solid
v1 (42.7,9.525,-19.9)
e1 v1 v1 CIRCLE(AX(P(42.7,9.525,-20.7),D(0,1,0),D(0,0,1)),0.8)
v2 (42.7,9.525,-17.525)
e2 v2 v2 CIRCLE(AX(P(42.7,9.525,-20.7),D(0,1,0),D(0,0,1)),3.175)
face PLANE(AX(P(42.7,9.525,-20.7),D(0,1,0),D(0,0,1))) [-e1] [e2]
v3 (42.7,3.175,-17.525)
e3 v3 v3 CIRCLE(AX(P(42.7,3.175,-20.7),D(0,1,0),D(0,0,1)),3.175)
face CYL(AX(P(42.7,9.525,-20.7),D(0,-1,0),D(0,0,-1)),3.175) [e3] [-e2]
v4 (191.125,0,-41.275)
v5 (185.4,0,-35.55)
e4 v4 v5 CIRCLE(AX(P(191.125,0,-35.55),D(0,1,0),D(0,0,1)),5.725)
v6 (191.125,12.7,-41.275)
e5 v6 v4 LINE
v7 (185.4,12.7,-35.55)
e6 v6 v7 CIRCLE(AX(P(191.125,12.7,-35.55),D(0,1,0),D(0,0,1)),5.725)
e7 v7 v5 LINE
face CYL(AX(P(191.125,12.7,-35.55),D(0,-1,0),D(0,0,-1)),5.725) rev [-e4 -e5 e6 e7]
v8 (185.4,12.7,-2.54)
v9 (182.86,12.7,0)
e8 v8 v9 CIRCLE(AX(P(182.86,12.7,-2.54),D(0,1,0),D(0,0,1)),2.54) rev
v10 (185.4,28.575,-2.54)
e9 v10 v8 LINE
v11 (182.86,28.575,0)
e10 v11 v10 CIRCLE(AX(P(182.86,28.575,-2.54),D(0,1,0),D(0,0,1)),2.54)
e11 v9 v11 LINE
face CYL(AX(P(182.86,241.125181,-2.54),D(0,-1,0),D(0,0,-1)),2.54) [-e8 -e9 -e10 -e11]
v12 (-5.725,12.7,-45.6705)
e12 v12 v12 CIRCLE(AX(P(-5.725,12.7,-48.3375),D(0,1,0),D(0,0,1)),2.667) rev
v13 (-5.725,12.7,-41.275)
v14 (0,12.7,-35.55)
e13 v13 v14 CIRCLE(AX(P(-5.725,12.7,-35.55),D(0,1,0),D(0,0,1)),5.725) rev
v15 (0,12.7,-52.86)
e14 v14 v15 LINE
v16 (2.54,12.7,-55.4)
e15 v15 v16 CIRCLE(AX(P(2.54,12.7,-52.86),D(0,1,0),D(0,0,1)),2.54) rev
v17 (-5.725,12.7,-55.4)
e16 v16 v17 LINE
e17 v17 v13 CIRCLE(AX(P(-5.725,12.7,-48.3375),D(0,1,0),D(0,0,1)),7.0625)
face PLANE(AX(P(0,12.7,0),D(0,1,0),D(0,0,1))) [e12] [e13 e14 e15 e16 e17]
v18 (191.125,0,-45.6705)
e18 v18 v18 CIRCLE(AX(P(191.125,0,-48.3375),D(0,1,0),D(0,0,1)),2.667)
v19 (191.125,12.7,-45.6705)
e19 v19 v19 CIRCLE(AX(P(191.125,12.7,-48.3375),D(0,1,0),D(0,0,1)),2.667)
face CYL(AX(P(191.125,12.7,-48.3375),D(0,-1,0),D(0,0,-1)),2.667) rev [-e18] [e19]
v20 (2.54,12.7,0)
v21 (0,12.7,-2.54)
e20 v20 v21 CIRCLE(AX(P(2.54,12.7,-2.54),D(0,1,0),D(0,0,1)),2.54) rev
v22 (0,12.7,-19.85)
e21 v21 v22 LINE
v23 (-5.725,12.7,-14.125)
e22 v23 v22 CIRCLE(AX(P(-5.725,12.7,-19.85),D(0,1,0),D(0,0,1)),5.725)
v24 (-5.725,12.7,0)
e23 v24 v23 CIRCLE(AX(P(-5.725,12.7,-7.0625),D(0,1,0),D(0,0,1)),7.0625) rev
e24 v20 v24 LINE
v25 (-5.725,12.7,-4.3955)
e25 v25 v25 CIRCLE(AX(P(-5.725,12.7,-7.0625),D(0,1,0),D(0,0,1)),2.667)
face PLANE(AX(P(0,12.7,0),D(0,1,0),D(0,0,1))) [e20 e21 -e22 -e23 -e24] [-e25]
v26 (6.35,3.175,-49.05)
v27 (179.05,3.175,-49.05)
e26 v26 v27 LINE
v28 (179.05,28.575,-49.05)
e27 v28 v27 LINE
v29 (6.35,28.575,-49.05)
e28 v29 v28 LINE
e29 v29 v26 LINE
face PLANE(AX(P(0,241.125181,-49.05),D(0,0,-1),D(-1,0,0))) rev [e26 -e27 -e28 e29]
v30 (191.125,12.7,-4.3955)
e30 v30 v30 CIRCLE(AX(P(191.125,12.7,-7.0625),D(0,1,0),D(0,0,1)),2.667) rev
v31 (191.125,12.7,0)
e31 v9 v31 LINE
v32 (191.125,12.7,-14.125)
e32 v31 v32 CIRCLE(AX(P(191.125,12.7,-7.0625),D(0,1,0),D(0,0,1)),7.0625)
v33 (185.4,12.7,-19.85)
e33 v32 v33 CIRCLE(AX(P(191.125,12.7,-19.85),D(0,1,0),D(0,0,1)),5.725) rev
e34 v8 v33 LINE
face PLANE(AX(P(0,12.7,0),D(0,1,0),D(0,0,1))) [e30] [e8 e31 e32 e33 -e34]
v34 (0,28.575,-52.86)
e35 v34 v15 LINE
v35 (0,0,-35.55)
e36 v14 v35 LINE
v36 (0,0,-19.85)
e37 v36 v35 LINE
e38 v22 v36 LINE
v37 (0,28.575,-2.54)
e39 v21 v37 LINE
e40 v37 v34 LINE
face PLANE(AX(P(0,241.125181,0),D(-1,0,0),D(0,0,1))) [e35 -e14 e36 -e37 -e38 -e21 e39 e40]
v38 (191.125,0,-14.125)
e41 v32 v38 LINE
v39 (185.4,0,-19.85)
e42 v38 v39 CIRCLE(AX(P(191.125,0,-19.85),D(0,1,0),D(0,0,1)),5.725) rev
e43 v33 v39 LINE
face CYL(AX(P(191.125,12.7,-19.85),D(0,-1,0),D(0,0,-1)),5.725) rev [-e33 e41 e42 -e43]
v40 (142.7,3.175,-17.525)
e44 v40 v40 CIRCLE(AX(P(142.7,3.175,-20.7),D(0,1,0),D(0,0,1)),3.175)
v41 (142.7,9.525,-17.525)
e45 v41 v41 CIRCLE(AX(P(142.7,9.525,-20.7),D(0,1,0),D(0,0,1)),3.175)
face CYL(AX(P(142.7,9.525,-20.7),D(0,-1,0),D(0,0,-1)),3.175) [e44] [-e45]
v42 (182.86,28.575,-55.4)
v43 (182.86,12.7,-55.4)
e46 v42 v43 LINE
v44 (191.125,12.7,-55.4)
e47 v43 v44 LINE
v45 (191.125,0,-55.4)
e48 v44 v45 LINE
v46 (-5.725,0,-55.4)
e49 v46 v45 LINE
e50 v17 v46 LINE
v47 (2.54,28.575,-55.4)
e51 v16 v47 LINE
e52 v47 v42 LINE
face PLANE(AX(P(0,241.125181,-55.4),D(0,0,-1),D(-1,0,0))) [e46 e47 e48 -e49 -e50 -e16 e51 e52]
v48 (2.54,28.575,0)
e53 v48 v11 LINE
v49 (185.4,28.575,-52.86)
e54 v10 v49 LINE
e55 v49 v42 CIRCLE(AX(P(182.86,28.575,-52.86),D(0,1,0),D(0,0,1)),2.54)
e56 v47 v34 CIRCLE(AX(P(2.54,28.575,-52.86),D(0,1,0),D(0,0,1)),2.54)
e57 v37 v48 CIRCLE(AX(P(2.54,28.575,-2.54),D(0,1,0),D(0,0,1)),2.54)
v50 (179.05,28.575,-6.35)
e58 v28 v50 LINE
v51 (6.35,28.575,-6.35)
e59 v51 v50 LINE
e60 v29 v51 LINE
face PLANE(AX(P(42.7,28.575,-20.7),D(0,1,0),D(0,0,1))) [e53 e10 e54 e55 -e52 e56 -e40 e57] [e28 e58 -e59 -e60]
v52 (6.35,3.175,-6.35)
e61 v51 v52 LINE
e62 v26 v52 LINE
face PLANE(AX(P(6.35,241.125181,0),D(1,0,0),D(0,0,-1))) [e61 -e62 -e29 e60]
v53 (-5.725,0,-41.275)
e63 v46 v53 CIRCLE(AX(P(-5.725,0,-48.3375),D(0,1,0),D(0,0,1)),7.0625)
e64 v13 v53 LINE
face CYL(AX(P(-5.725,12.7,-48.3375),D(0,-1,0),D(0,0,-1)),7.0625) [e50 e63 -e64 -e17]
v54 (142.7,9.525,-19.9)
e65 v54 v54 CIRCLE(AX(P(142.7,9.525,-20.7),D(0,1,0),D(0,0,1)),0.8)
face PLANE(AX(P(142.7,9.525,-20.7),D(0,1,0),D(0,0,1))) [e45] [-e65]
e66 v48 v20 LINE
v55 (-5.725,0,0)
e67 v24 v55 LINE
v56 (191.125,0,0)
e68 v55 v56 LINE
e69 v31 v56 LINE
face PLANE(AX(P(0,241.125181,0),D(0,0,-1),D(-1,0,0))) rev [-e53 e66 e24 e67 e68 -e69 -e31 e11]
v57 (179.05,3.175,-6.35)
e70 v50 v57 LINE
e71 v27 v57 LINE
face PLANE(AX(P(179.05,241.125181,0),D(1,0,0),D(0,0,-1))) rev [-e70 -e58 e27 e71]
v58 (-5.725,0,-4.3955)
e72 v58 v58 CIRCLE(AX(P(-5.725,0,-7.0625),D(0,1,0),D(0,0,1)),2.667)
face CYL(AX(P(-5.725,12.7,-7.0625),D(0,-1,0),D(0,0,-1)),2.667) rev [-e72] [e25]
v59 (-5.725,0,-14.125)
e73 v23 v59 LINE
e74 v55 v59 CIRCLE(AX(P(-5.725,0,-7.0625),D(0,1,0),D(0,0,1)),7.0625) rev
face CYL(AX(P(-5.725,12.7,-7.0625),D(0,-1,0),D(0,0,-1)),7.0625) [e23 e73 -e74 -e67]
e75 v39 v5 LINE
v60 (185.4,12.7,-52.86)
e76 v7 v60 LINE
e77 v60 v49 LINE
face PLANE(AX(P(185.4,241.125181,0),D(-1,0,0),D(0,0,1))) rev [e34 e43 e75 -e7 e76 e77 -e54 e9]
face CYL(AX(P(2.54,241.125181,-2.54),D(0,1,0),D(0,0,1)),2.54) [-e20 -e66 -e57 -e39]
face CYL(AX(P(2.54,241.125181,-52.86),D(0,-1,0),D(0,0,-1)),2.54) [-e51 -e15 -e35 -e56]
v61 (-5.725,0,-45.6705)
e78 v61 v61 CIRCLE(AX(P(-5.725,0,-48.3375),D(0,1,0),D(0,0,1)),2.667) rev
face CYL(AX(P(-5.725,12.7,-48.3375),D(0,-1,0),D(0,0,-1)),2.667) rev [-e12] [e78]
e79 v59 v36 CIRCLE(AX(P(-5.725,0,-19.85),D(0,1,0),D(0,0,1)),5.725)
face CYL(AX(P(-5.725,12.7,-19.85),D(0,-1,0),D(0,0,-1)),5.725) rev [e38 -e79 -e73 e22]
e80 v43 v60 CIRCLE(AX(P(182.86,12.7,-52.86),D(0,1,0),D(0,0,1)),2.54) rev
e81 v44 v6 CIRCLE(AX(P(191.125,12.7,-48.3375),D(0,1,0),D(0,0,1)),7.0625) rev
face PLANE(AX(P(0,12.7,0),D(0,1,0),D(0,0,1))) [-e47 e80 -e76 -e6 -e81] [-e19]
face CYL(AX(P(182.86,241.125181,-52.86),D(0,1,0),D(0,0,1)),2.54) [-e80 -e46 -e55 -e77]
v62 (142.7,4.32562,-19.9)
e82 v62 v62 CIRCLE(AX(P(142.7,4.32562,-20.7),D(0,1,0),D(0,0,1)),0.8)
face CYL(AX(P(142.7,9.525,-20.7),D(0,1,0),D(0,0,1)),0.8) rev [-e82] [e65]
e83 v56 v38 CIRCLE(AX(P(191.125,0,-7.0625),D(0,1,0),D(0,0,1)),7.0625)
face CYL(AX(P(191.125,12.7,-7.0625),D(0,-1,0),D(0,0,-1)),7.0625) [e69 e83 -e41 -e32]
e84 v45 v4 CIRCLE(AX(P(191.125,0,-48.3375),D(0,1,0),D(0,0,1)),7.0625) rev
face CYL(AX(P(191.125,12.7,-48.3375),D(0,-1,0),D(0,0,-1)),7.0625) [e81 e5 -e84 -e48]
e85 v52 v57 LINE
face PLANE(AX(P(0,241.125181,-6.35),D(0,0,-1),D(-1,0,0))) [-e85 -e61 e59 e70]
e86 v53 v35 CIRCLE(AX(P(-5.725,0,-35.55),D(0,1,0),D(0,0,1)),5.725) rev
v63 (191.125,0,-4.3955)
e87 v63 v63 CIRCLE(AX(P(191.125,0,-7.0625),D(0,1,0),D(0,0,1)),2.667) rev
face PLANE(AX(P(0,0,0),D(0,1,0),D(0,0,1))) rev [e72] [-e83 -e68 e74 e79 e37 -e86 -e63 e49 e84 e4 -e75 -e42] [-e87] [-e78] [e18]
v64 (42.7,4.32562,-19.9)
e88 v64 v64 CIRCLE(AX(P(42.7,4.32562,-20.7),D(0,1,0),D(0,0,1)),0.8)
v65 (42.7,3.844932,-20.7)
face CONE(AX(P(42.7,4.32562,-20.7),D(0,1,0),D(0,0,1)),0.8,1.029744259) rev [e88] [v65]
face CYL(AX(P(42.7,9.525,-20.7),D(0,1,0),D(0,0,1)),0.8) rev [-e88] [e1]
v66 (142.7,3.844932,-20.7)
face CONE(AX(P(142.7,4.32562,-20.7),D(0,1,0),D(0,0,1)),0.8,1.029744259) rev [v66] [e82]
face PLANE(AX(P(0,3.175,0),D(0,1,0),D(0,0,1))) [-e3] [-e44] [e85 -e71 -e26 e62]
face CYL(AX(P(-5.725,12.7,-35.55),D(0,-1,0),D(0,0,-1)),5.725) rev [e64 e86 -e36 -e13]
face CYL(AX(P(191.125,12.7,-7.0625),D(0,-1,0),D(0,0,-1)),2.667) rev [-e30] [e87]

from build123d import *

# Parameters (mm, degrees)
SKETCH1_W                 = 172.7
SKETCH1_H                 = 42.7
SKETCH1_R                 = 3.175
BOSS_EXTRUDE1_DEPTH       = 3.175
BOSS_EXTRUDE2_START       = 3.175
SKETCH1_3_R               = 3.175
BOSS_EXTRUDE2_DEPTH       = 6.35
SKETCH1_4_W               = 185.4
SKETCH1_4_H               = 55.4
SKETCH1_4_W_2             = 172.7
SKETCH1_4_H_2             = 42.7
BOSS_EXTRUDE3_DEPTH       = 28.575
SKETCH1_5_R               = 2.667
BOSS_EXTRUDE4_DEPTH       = 12.7
M2X0_4_TAPPED_HOLE1_D     = 1.6
M2X0_4_TAPPED_HOLE1_DEPTH = 5.19938
M2X0_4_TAPPED_HOLE1_TIP   = 0.480688495
FILLET1_R                 = 2.54


with BuildPart() as part:
    # Sketch1 → Boss-Extrude1 (new body)
    with BuildSketch(Plane(origin=(0, 0, 0), x_dir=(1, 0, 0), z_dir=(0, 1, 0))):
        with Locations((92.7, 27.7)):
            Rectangle(SKETCH1_W, SKETCH1_H)
        with Locations((142.7, 20.7)):
            Circle(SKETCH1_R, mode=Mode.SUBTRACT)
        with Locations((42.7, 20.7)):
            Circle(SKETCH1_R, mode=Mode.SUBTRACT)
        with Locations((42.7, 20.7)):
            Circle(SKETCH1_R)
        with Locations((142.7, 20.7)):
            Circle(SKETCH1_R)
    extrude(amount=BOSS_EXTRUDE1_DEPTH)

    # Sketch1<3> → Boss-Extrude2 (add)
    with BuildSketch(Plane(origin=(0, 0, 0), x_dir=(1, 0, 0), z_dir=(0, 1, 0)).offset(BOSS_EXTRUDE2_START)):
        with Locations((42.7, 20.7)):
            Circle(SKETCH1_3_R)
        with Locations((142.7, 20.7)):
            Circle(SKETCH1_3_R)
    extrude(amount=BOSS_EXTRUDE2_DEPTH)

    # Sketch1<4> → Boss-Extrude3 (add)
    with BuildSketch(Plane(origin=(0, 0, 0), x_dir=(1, 0, 0), z_dir=(0, 1, 0))):
        with Locations((92.7, 27.7)):
            Rectangle(SKETCH1_4_W, SKETCH1_4_H)
        with Locations((92.7, 27.7)):
            Rectangle(SKETCH1_4_W_2, SKETCH1_4_H_2, mode=Mode.SUBTRACT)
    extrude(amount=BOSS_EXTRUDE3_DEPTH)

    # Sketch1<5> → Boss-Extrude4 (add)
    with BuildSketch(Plane(origin=(0, 0, 0), x_dir=(1, 0, 0), z_dir=(0, 1, 0))):
        with BuildLine():
            Line((-5.725, 0), (0, 0))
            Line((0, 0), (0, 19.85))
            ThreePointArc((0, 19.85), (-1.676813678, 15.801813678), (-5.725, 14.125))
            ThreePointArc((-5.725, 14.125), (-12.7875, 7.0625), (-5.725, 0))
        make_face()
        with Locations((-5.725, 7.0625)):
            Circle(SKETCH1_5_R, mode=Mode.SUBTRACT)
        with BuildLine():
            ThreePointArc((-5.725, 41.275), (-1.676813678, 39.598186322), (0, 35.55))
            Line((0, 35.55), (0, 55.4))
            Line((0, 55.4), (-5.725, 55.4))
            ThreePointArc((-5.725, 55.4), (-12.7875, 48.3375), (-5.725, 41.275))
        make_face()
        with Locations((-5.725, 48.3375)):
            Circle(SKETCH1_5_R, mode=Mode.SUBTRACT)
        with BuildLine():
            Line((185.4, 19.85), (185.4, 0))
            Line((185.4, 0), (191.125, 0))
            ThreePointArc((191.125, 0), (198.1875, 7.0625), (191.125, 14.125))
            ThreePointArc((191.125, 14.125), (187.076813678, 15.801813678), (185.4, 19.85))
        make_face()
        with Locations((191.125, 7.0625)):
            Circle(SKETCH1_5_R, mode=Mode.SUBTRACT)
        with BuildLine():
            Line((185.4, 55.4), (185.4, 35.55))
            ThreePointArc((185.4, 35.55), (187.076813678, 39.598186322), (191.125, 41.275))
            ThreePointArc((191.125, 41.275), (198.1875, 48.3375), (191.125, 55.4))
            Line((191.125, 55.4), (185.4, 55.4))
        make_face()
        with Locations((191.125, 48.3375)):
            Circle(SKETCH1_5_R, mode=Mode.SUBTRACT)
    extrude(amount=BOSS_EXTRUDE4_DEPTH)

    # M2x0.4 Tapped Hole1
    with Locations(Plane(origin=(0, 9.525, 0), x_dir=(1, 0, 0), z_dir=(0, 1, 0))):
        with Locations((42.7, 20.7), (142.7, 20.7)):
            Hole(M2X0_4_TAPPED_HOLE1_D / 2, depth=M2X0_4_TAPPED_HOLE1_DEPTH)
            with Locations((0, 0, -(M2X0_4_TAPPED_HOLE1_DEPTH + M2X0_4_TAPPED_HOLE1_TIP / 2))):  # 118° drill point
                Cone(0, M2X0_4_TAPPED_HOLE1_D / 2, M2X0_4_TAPPED_HOLE1_TIP, mode=Mode.SUBTRACT)

    # Fillet1
    fillet1_edges = [part.edges().sort_by_distance(p)[0] for p in [
        (0, 20.6375, -55.4),
        (185.4, 20.6375, -55.4),
        (185.4, 20.6375, 0),
        (0, 20.6375, 0),
    ]]
    fillet(fillet1_edges, radius=FILLET1_R)


solid = part.part
